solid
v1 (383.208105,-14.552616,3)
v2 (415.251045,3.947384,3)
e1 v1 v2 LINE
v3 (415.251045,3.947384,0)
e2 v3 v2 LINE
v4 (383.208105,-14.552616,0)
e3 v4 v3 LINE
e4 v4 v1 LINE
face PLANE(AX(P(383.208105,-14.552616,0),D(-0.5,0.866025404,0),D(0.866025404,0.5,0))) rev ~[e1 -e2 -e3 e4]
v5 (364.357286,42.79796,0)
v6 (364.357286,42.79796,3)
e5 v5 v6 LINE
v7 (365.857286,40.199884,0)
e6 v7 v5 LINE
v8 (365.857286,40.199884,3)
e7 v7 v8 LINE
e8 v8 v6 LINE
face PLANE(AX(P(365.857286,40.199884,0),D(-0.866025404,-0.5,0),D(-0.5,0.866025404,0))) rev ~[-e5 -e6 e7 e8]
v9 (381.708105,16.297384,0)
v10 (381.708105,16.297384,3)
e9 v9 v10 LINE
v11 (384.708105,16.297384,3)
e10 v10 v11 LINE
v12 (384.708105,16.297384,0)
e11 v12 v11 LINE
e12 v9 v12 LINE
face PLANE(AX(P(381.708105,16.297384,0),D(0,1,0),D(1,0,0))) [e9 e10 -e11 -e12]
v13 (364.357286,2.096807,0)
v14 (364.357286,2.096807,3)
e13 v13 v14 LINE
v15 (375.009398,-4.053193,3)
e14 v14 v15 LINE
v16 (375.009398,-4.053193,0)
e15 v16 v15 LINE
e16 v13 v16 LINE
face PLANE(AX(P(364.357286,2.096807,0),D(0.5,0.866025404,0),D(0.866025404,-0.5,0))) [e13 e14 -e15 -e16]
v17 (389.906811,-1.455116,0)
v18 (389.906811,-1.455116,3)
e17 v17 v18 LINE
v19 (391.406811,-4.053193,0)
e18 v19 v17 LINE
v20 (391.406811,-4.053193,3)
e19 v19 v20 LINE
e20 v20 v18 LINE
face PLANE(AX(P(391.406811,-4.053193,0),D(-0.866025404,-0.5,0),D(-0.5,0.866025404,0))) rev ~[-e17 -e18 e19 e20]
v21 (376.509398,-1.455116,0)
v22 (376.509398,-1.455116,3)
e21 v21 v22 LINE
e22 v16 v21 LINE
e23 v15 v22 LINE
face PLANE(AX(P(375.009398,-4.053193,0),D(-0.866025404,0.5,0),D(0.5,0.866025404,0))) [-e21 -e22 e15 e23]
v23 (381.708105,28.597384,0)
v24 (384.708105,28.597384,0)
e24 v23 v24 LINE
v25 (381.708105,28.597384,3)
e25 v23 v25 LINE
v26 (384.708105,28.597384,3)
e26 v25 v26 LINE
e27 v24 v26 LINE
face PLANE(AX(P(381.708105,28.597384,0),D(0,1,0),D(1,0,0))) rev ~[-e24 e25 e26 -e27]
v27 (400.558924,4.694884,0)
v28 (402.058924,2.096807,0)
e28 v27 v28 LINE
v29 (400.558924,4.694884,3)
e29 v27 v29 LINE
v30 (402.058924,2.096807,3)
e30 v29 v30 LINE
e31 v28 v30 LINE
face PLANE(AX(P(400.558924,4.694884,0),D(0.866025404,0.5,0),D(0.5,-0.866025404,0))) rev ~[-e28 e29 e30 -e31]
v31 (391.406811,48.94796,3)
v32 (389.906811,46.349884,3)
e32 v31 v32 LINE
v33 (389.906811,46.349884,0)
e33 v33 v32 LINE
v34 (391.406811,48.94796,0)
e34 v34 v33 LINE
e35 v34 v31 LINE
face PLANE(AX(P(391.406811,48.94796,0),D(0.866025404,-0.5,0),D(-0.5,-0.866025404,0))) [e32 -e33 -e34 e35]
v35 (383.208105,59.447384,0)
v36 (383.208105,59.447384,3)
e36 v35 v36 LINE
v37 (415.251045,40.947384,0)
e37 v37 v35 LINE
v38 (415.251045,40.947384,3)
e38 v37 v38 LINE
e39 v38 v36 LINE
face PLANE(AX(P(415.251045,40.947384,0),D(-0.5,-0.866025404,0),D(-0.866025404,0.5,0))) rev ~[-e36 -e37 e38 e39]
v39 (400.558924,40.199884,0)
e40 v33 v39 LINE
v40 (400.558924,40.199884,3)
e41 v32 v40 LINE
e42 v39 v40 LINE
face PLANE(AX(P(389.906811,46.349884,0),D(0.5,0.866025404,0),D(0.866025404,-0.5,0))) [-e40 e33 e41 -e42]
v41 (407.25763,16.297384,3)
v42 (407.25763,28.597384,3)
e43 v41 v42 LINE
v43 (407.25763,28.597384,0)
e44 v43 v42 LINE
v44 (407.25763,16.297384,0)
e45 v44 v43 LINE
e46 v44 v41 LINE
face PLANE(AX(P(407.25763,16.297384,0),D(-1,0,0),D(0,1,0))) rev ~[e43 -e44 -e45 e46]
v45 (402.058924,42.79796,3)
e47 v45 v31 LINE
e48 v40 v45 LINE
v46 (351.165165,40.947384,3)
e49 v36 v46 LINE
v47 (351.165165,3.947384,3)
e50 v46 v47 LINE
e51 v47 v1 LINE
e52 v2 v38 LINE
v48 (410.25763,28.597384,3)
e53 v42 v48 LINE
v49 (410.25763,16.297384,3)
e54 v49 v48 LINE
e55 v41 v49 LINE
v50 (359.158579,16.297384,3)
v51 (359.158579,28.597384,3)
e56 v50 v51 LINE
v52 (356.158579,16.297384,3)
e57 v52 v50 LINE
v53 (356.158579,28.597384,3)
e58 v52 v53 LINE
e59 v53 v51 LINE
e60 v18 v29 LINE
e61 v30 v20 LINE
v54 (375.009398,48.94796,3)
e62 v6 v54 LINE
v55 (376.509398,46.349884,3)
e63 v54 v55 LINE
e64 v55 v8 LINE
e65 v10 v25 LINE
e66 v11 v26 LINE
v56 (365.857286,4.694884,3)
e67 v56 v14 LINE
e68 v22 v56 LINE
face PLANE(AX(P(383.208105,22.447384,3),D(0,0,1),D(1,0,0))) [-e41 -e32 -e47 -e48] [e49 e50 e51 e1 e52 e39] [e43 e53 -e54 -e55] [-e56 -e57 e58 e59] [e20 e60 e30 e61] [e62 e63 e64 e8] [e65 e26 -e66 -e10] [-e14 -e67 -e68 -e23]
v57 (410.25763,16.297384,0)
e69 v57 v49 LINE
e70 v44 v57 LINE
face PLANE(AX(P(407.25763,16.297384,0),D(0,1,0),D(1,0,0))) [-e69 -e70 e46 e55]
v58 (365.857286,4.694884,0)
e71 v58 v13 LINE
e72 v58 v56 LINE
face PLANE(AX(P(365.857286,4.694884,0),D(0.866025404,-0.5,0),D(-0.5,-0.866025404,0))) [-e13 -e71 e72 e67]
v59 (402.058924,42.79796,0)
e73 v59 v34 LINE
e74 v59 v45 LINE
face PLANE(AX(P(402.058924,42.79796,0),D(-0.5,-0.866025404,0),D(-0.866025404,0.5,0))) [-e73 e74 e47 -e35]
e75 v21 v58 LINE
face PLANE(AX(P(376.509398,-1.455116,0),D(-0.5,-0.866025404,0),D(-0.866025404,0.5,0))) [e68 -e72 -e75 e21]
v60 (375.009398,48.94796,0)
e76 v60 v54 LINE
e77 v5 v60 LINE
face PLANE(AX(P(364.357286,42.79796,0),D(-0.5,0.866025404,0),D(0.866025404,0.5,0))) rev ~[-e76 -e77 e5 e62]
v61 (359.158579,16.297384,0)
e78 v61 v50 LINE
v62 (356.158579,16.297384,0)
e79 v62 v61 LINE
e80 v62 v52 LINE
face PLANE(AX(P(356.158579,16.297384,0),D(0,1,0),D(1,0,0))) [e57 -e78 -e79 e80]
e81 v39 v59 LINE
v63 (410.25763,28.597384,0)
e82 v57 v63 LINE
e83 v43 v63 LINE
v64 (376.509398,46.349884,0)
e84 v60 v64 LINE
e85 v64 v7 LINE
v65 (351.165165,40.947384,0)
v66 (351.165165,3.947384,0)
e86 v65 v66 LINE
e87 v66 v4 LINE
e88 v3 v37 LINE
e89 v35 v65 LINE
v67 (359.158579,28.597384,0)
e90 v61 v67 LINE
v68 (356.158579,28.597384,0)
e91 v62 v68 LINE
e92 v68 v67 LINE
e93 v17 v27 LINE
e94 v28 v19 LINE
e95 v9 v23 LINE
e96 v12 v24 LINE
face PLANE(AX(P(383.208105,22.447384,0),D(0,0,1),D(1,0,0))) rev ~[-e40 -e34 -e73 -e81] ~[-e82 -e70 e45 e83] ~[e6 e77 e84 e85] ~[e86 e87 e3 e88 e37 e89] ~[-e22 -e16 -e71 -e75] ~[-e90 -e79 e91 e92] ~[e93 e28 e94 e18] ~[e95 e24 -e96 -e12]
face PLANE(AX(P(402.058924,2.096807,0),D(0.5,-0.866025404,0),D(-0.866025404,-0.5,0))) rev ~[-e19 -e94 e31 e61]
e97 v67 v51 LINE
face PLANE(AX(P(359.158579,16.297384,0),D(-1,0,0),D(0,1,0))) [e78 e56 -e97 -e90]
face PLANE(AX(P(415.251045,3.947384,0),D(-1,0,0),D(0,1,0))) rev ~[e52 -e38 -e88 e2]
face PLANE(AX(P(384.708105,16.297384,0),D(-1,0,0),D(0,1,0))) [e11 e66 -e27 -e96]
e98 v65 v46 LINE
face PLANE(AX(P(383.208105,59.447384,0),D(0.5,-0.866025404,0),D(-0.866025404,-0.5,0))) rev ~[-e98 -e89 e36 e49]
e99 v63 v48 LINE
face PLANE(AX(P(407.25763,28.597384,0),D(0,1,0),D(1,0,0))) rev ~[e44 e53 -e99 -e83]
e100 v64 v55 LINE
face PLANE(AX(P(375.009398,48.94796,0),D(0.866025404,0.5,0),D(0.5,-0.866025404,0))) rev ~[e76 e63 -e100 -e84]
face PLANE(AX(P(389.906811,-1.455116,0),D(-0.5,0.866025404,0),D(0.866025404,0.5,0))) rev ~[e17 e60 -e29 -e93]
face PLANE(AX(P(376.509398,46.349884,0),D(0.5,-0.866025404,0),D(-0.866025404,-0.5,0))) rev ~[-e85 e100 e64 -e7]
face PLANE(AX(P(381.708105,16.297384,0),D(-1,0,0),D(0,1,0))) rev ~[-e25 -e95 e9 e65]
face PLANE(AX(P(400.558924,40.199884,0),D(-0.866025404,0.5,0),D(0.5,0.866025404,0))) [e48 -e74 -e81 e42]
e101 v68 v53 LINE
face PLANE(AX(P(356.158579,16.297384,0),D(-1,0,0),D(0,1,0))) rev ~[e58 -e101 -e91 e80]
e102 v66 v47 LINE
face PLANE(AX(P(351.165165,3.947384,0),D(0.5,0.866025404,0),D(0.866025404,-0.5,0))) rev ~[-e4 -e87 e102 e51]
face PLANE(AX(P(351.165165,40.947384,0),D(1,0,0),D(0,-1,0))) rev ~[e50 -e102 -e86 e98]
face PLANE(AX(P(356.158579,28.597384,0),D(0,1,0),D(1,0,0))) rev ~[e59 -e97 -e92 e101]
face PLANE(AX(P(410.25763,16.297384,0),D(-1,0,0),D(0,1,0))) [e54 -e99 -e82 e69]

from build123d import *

# Parameters (mm, degrees)
CROQUIS1_W              = 3
CROQUIS1_H              = 12.3
SALIENTE_EXTRUIR1_DEPTH = 3


with BuildPart() as part:
    # Croquis1 → Saliente-Extruir1 (new body)
    with BuildSketch(Plane.XY):
        Polygon((383.208104606, -14.552616351), (415.251044546, 3.947383649), (415.251044546, 40.947383649), (383.208104606, 59.447383649), (351.165164666, 40.947383649), (351.165164666, 3.947383649), align=None)
        with Locations((383.208104606, 22.447383649)):
            Rectangle(CROQUIS1_W, CROQUIS1_H, mode=Mode.SUBTRACT)
        with Locations((408.75763007, 22.447383649)):
            Rectangle(CROQUIS1_W, CROQUIS1_H, mode=Mode.SUBTRACT)
        with Locations((357.658579143, 22.447383649)):
            Rectangle(CROQUIS1_W, CROQUIS1_H, mode=Mode.SUBTRACT)
        Polygon((389.906811105, 46.349883649), (400.558923571, 40.199883649), (402.058923571, 42.797959861), (391.406811105, 48.947959861), align=None, mode=Mode.SUBTRACT)
        Polygon((365.857285642, 40.199883649), (364.357285642, 42.797959861), (375.009398108, 48.947959861), (376.509398108, 46.349883649), align=None, mode=Mode.SUBTRACT)
        Polygon((376.509398108, -1.455116351), (365.857285642, 4.694883649), (364.357285642, 2.096807438), (375.009398108, -4.053192562), align=None, mode=Mode.SUBTRACT)
        Polygon((400.558923571, 4.694883649), (402.058923571, 2.096807438), (391.406811105, -4.053192562), (389.906811105, -1.455116351), align=None, mode=Mode.SUBTRACT)
    extrude(amount=SALIENTE_EXTRUIR1_DEPTH)


solid = part.part
